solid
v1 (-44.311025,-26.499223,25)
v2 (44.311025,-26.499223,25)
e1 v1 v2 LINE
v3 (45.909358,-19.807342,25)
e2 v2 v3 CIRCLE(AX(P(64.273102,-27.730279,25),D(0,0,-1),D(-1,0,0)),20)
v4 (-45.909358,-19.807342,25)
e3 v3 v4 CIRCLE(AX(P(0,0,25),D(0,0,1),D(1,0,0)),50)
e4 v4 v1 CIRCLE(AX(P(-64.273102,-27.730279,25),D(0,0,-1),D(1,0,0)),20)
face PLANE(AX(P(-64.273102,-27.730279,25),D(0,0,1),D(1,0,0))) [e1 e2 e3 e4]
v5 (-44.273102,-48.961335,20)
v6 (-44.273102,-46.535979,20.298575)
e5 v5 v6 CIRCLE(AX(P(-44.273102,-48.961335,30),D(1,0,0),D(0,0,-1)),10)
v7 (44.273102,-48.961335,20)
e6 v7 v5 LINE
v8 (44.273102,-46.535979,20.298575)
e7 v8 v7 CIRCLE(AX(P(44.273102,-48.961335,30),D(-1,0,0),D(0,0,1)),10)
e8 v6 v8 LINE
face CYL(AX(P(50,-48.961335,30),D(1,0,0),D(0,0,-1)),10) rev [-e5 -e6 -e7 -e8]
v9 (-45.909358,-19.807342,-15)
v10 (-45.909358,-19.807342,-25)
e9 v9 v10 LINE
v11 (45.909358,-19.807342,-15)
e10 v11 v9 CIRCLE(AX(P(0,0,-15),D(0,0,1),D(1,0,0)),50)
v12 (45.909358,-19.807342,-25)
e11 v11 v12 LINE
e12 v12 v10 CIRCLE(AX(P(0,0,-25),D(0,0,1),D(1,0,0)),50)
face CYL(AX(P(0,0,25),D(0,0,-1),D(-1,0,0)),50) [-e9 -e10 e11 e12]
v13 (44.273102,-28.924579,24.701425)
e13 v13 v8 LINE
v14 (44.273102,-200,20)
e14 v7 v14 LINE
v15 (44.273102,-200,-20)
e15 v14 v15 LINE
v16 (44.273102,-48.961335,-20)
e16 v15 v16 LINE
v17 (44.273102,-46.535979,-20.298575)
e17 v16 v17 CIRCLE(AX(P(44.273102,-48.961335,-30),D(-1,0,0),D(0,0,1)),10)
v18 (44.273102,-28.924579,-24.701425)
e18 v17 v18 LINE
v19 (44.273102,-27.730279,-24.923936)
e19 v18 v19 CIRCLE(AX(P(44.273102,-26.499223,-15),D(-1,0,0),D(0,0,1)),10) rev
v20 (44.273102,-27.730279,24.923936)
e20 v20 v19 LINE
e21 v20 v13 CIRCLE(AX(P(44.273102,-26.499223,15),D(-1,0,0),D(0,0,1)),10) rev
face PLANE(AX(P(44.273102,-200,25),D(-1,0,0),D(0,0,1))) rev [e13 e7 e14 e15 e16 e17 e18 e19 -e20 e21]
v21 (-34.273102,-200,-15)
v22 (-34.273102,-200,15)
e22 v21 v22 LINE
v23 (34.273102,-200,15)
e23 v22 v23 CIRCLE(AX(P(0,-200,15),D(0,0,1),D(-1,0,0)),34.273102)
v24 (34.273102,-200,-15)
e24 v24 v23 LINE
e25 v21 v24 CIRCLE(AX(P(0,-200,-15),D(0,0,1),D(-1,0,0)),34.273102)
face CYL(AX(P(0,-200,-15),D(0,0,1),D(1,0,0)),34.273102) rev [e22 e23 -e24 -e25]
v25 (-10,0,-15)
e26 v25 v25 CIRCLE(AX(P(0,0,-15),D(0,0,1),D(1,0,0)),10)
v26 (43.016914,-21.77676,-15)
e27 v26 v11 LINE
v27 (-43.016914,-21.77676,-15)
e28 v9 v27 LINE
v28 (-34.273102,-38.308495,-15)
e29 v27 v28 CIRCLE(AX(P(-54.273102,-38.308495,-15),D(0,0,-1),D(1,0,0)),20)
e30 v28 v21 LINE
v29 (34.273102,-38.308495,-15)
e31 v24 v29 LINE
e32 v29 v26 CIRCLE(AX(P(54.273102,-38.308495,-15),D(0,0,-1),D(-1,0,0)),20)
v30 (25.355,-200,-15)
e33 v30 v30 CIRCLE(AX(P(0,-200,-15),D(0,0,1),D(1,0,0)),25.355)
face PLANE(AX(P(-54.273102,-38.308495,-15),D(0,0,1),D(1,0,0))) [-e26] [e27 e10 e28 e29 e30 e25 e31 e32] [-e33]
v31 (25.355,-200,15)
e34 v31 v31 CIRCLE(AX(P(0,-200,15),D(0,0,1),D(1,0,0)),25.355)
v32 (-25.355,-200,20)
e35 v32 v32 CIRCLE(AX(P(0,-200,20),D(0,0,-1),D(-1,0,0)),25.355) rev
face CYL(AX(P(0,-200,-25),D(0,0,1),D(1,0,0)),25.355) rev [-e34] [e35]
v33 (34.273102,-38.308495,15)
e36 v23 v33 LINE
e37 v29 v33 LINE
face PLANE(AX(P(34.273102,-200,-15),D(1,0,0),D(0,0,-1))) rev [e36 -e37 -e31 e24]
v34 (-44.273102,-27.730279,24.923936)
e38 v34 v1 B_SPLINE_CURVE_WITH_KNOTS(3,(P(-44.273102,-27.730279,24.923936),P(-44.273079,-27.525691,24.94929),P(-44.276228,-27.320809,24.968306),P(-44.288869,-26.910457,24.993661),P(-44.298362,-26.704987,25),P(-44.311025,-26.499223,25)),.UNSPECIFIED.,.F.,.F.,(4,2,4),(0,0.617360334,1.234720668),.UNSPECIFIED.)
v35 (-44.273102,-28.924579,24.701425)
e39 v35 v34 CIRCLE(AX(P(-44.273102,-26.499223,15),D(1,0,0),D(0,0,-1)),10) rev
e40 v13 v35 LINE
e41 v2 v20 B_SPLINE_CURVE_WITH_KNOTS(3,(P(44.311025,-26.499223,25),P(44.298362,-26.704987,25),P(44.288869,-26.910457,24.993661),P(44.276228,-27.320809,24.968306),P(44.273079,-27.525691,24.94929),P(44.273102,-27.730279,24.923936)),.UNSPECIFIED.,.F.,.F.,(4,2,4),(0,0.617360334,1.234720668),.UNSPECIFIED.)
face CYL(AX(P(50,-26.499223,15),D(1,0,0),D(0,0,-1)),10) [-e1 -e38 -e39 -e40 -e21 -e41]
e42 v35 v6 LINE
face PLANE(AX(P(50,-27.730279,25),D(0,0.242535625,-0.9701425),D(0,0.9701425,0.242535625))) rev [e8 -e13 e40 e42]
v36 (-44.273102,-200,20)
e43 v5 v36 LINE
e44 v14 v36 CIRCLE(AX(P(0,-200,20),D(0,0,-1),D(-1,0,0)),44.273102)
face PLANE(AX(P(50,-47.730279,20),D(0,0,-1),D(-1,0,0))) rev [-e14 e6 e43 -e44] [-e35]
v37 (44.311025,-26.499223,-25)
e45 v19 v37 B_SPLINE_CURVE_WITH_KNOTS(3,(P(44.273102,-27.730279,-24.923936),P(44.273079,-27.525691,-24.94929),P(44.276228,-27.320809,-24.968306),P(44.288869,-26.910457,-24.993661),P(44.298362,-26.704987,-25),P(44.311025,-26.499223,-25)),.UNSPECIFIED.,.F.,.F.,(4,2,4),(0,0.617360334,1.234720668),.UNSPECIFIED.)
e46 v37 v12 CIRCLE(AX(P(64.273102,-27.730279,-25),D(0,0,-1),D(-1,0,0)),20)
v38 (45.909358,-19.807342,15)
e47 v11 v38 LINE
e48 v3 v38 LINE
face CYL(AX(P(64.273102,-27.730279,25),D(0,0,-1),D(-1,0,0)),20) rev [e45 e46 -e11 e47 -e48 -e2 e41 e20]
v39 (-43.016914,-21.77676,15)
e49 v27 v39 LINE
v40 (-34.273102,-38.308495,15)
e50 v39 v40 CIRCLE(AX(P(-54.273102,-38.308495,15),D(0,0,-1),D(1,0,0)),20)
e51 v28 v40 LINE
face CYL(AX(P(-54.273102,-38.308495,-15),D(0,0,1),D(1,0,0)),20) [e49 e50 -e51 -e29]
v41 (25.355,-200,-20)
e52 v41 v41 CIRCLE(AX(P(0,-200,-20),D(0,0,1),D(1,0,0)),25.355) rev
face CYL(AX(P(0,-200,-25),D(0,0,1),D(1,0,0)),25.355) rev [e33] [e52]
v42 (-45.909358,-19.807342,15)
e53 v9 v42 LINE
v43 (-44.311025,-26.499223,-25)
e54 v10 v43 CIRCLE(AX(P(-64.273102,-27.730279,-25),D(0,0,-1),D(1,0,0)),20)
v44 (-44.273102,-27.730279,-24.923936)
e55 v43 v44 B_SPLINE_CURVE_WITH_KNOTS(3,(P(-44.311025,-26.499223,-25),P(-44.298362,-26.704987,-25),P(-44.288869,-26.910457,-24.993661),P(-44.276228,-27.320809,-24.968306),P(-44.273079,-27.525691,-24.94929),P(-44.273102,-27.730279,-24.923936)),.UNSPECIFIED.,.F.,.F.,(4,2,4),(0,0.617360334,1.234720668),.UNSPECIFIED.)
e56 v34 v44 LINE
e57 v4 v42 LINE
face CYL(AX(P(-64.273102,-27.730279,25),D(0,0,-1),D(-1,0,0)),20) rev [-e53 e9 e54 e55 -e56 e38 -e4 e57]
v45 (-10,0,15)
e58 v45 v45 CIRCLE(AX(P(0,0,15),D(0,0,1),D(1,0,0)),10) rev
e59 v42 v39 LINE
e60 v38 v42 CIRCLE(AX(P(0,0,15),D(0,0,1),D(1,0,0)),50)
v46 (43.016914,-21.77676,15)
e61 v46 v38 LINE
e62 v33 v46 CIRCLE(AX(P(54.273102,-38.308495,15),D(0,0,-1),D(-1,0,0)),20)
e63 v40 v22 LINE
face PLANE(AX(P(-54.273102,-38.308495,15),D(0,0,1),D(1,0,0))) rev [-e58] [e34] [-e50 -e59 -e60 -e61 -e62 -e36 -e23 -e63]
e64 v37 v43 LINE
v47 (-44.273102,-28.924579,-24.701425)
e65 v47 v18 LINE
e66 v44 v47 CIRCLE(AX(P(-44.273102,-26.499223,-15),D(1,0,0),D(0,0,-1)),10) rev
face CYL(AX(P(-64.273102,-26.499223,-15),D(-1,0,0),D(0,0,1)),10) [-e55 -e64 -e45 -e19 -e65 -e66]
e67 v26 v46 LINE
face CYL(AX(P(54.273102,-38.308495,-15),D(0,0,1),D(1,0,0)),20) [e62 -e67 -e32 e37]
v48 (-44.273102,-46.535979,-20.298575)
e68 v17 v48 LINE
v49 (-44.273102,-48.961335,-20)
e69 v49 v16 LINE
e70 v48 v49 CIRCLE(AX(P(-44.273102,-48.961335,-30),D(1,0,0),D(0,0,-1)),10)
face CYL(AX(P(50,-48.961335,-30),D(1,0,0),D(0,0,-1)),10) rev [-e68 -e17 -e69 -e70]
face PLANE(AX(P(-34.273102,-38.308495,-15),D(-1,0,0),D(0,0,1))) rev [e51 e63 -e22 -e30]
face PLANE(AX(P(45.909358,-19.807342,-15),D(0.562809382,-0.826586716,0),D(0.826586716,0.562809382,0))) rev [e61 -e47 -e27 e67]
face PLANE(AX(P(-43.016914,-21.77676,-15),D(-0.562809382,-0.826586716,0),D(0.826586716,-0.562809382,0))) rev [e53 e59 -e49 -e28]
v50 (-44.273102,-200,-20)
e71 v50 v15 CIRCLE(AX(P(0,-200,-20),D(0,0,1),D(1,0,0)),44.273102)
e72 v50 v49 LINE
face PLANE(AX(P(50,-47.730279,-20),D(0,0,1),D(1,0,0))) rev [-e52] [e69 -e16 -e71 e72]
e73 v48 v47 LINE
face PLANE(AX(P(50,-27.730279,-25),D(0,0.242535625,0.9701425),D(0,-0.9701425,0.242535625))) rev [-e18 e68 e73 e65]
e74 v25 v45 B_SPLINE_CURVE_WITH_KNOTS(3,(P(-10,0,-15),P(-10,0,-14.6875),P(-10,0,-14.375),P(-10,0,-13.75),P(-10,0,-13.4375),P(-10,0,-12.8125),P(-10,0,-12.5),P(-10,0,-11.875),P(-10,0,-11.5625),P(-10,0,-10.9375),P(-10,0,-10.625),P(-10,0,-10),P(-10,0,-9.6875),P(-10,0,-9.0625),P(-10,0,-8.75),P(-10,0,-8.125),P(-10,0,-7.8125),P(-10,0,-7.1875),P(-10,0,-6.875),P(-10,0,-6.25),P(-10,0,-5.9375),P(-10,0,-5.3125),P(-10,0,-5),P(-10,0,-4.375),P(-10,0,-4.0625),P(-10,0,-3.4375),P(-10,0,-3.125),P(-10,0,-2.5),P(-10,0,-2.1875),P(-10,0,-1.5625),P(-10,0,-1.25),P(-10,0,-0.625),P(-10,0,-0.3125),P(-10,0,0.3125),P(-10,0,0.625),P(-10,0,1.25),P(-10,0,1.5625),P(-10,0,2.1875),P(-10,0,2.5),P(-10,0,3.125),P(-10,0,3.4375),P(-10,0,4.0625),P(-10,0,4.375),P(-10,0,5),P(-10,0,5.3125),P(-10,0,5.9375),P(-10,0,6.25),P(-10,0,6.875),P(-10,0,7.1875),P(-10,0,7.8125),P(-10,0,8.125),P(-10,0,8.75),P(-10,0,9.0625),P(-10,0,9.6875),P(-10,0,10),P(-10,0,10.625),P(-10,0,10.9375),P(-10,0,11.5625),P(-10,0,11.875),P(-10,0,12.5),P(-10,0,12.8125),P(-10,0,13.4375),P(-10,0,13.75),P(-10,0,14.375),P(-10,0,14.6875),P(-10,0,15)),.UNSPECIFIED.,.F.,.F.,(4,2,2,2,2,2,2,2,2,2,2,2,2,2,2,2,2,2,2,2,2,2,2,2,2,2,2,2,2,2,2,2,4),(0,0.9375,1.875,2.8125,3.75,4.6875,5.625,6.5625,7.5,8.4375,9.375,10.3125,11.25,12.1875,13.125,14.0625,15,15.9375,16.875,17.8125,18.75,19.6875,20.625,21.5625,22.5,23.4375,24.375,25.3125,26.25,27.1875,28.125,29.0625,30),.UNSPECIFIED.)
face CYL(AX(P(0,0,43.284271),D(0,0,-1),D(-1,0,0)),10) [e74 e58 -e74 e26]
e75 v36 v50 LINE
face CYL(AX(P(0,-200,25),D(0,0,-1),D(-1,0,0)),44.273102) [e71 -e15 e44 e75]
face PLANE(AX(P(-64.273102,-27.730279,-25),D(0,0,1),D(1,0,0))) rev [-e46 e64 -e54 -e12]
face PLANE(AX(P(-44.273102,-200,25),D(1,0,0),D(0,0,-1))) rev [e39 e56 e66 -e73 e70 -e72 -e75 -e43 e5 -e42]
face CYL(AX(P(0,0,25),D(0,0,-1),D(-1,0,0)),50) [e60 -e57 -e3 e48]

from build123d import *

# Parameters (mm, degrees)
BOSS_EXTRU_1_DEPTH      = 25
ENL_V_MAT_EXTRU_1_DEPTH = 15
ESQUISSE4_R             = 25.355
ENL_V_MAT_EXTRU_2_DEPTH = 255.301687519
ESQUISSE5_R             = 10
BOSS_EXTRU_2_DEPTH      = 30
ENL_V_MAT_EXTRU_3_DEPTH = 264.024268847
CONG_1_R                = 10


with BuildPart() as part:
    # Esquisse1 → Boss.-Extru.1 (new, symmetric)
    with BuildSketch(Plane.XY):
        with BuildLine():
            Line((44.273101825, -200), (44.273101825, -27.730279152))
            ThreePointArc((44.273101825, -27.730279152), (44.686437132, -23.685212253), (45.909358446, -19.807342251))
            ThreePointArc((45.909358446, -19.807342251), (0, 50), (-45.909358446, -19.807342251))
            ThreePointArc((-45.909358446, -19.807342251), (-44.686437132, -23.685212253), (-44.273101825, -27.730279152))
            Line((-44.273101825, -27.730279152), (-44.273101825, -200))
            ThreePointArc((-44.273101825, -200), (0, -244.273101825), (44.273101825, -200))
        make_face()
    extrude(amount=BOSS_EXTRU_1_DEPTH, both=True)

    # Esquisse3 → Enlèv. mat.-Extru.1 (cut, symmetric)
    with BuildSketch(Plane.XY):
        with BuildLine():
            Line((34.273101825, -200), (34.273101825, -38.308494588))
            ThreePointArc((34.273101825, -38.308494588), (36.593682253, -28.957659138), (43.016914187, -21.776760261))
            Line((43.016914187, -21.776760261), (45.909358446, -19.807342251))
            ThreePointArc((45.909358446, -19.807342251), (0, 50), (-45.909358446, -19.807342251))
            Line((-45.909358446, -19.807342251), (-43.016914187, -21.776760261))
            ThreePointArc((-43.016914187, -21.776760261), (-36.593682253, -28.957659138), (-34.273101825, -38.308494588))
            Line((-34.273101825, -38.308494588), (-34.273101825, -200))
            ThreePointArc((-34.273101825, -200), (0, -234.273101825), (34.273101825, -200))
        make_face()
    extrude(amount=ENL_V_MAT_EXTRU_1_DEPTH, both=True, mode=Mode.SUBTRACT)

    # Esquisse4 → Enlèv. mat.-Extru.2 (cut, through all)
    with BuildSketch(Plane.XY.offset(25)):
        with Locations((0, -200)):
            Circle(ESQUISSE4_R)
    extrude(amount=-ENL_V_MAT_EXTRU_2_DEPTH, mode=Mode.SUBTRACT)

    # Esquisse5 → Boss.-Extru.2 (add)
    with BuildSketch(Plane.XY.offset(-15)):
        with Locations(Location((0, 0, 0), (0, 0, 180))):
            Circle(ESQUISSE5_R)
    extrude(amount=BOSS_EXTRU_2_DEPTH)

    # Esquisse6 → Enlèv. mat.-Extru.3 (cut, through all)
    with BuildSketch(Plane.ZY.offset(44.273101825)):
        Polygon((-25, -27.730279152), (-20, -47.730279152), (-20, -248.850889137), (-25, -248.850889137), align=None)
        Polygon((20, -248.850889137), (25, -248.850889137), (25, -27.730279152), (20, -47.730279152), align=None)
    extrude(amount=-ENL_V_MAT_EXTRU_3_DEPTH, mode=Mode.SUBTRACT)

    # Congé1
    cong_1_edges = [part.edges().sort_by_distance(p)[0] for p in [
        (0, -27.730279152, -25),
        (0, -47.730279152, -20),
        (0, -47.730279152, 20),
        (0, -27.730279152, 25),
    ]]
    fillet(cong_1_edges, radius=CONG_1_R)


solid = part.part
